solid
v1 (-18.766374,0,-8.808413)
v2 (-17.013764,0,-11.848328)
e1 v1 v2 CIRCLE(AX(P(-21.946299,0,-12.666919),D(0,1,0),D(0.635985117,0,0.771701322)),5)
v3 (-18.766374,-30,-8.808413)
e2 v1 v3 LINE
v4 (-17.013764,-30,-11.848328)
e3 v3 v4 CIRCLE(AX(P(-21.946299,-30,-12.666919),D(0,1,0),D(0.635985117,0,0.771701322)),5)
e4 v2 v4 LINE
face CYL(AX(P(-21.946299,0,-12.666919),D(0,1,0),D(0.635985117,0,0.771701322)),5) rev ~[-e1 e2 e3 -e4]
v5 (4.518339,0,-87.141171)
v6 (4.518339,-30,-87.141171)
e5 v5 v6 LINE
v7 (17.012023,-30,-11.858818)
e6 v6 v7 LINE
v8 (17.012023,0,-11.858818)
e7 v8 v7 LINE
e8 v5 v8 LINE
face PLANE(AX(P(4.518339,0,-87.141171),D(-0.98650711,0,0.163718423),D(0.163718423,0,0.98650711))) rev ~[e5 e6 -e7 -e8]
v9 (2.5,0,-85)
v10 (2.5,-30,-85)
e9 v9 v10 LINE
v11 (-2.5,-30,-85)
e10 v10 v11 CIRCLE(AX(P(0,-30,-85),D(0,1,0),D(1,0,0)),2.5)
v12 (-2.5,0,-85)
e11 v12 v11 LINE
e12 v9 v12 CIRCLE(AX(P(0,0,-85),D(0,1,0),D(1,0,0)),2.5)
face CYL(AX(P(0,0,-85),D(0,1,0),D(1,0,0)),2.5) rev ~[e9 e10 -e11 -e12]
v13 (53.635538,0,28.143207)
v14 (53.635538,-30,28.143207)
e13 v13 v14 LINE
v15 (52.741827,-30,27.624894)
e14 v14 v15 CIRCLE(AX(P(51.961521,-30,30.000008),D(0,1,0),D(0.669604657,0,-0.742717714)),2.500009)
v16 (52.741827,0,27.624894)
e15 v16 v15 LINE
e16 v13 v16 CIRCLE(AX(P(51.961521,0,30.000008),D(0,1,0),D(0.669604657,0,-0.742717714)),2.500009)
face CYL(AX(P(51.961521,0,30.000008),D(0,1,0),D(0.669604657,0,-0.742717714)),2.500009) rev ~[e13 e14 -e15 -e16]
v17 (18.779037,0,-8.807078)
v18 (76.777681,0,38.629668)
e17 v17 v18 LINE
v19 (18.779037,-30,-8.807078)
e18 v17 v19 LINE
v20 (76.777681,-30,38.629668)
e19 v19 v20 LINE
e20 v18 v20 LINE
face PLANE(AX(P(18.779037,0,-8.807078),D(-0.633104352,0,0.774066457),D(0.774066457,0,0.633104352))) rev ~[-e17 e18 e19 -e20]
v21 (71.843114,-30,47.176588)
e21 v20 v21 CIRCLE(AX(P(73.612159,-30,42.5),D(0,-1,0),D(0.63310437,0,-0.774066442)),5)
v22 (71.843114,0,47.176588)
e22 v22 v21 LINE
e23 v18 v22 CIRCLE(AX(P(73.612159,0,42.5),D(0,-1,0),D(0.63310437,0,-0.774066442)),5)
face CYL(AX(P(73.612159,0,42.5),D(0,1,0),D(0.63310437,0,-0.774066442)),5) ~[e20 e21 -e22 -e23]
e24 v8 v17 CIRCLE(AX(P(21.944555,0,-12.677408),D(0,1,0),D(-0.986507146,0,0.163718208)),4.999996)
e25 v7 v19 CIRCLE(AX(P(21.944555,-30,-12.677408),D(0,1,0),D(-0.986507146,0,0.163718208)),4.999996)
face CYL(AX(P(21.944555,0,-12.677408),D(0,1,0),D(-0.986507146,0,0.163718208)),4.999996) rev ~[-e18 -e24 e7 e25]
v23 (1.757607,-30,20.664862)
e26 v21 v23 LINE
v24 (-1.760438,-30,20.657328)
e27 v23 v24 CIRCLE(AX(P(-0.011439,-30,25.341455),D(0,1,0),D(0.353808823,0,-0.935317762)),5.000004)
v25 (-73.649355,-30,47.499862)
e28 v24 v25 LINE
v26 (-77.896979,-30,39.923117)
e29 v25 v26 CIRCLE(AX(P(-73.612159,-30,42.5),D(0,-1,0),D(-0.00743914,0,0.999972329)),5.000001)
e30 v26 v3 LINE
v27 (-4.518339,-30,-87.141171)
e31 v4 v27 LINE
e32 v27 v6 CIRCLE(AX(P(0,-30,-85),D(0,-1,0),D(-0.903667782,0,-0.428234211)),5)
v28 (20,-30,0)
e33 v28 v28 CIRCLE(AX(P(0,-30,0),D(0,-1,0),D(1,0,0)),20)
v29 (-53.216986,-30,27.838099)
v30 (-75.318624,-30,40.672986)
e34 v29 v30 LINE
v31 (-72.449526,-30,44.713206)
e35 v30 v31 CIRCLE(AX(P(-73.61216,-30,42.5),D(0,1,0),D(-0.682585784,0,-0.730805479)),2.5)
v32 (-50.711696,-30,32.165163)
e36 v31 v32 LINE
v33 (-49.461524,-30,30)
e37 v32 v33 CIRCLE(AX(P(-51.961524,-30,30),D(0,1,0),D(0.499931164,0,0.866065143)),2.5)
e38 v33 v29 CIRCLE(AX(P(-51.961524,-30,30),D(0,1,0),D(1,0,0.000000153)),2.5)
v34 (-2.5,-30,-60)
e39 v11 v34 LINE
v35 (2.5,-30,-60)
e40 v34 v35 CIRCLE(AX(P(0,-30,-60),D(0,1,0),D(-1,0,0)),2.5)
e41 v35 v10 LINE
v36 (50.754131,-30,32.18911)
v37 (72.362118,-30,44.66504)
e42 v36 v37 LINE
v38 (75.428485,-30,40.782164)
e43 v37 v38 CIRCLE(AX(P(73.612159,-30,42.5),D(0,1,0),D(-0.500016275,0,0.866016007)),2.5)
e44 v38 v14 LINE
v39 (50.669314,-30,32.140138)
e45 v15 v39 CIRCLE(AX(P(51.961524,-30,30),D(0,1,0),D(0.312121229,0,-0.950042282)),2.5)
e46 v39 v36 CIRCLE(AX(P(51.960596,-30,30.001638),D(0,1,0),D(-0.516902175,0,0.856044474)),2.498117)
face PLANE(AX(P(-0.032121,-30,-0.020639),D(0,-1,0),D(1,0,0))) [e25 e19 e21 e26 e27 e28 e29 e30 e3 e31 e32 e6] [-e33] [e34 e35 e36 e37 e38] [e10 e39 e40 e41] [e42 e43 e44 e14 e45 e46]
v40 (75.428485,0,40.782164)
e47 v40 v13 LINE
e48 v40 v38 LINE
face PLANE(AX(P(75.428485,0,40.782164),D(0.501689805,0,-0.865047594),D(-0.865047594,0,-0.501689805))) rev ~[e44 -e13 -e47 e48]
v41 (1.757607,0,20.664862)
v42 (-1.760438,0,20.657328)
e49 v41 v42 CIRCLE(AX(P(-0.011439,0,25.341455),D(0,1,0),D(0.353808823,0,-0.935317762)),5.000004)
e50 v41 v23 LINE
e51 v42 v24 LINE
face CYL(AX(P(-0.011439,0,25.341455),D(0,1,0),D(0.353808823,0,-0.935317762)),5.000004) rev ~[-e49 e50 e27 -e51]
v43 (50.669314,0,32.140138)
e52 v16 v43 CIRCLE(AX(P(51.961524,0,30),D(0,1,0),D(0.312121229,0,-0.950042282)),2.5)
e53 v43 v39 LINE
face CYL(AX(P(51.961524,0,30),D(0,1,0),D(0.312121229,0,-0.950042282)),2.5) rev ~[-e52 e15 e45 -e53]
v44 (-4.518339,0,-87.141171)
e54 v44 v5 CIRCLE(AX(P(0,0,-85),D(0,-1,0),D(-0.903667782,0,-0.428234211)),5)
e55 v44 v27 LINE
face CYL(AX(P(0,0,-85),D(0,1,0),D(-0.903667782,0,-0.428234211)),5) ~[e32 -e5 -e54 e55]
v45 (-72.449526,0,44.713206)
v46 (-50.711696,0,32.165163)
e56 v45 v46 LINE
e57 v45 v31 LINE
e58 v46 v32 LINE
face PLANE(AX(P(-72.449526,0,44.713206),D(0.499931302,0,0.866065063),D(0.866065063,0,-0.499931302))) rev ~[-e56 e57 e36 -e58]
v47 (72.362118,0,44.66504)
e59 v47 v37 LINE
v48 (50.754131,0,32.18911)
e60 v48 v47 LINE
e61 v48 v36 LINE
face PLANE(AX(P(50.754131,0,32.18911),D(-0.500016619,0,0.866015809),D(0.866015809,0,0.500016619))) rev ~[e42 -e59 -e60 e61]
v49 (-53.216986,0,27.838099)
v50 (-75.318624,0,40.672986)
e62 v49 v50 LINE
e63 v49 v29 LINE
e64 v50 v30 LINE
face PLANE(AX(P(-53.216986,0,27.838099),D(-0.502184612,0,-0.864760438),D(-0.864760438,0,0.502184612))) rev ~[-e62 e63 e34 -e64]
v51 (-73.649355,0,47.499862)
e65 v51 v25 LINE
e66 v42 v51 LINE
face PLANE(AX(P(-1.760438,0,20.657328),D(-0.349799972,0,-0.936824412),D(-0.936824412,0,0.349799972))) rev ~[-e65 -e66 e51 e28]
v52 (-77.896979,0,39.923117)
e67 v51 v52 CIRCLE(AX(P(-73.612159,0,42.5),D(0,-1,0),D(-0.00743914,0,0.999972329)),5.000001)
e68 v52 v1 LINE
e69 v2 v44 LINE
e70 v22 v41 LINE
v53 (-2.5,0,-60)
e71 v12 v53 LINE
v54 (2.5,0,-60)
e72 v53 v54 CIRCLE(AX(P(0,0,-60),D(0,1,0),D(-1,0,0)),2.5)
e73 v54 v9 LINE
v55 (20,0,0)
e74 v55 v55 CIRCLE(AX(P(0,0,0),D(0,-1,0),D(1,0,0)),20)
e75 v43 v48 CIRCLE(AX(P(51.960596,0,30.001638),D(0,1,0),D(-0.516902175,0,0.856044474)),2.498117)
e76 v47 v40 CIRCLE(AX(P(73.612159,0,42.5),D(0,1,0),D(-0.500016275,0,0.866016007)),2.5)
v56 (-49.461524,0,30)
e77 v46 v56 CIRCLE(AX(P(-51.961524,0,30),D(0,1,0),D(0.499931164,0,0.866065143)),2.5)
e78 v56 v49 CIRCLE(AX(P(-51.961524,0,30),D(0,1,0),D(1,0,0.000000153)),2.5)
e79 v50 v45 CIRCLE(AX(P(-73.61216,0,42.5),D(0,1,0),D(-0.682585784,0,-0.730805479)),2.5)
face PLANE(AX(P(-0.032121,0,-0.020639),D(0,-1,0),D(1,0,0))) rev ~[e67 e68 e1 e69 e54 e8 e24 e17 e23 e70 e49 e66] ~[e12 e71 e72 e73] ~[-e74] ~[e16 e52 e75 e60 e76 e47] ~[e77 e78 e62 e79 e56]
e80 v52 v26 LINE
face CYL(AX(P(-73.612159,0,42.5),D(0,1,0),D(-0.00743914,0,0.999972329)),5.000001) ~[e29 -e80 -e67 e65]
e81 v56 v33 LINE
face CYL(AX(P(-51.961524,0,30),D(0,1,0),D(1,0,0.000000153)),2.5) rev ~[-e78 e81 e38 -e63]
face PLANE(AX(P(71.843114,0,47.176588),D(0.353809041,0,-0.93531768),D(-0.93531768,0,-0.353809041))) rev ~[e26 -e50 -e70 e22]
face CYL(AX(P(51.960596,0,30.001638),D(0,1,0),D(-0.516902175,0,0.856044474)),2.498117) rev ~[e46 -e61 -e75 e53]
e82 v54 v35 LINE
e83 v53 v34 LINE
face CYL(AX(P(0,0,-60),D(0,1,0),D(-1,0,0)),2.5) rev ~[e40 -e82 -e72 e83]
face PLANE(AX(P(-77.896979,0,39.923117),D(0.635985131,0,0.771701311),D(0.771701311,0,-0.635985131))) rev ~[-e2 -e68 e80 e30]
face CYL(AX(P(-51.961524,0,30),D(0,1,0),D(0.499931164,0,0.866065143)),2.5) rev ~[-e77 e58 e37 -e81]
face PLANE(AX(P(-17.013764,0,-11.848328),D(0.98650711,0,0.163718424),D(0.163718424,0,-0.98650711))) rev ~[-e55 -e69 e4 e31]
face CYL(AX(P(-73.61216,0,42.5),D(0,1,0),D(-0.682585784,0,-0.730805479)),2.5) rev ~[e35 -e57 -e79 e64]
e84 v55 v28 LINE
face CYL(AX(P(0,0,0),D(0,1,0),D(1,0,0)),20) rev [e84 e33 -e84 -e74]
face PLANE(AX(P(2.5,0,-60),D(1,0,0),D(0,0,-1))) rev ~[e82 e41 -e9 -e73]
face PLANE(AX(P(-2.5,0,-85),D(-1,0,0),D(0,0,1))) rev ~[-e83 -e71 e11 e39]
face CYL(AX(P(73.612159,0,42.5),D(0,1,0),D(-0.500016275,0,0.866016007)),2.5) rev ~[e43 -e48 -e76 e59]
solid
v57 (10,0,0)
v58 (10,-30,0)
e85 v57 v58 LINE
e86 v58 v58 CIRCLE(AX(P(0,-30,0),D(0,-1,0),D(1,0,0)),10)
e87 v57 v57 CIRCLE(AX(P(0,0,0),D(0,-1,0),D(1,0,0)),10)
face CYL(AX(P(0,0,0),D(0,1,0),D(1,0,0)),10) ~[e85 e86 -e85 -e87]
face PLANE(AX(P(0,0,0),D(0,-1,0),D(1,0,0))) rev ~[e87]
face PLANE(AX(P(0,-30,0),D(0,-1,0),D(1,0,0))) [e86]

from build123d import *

# Parameters (mm, degrees)
F0_R     = 20
F0_R_2   = 10
F1_DEPTH = 30


with BuildPart() as f1:
    # F0 (on Front) → F1 (new body)
    with BuildSketch(Plane.XZ):
        with BuildLine():
            Line((-17.013764, -11.848328), (-4.518339, -87.141171))
            ThreePointArc((-4.518339, -87.141171), (0, -90), (4.518339, -87.141171))
            Line((4.518339, -87.141171), (17.012023, -11.858818))
            ThreePointArc((17.012023, -11.858818), (17.61756, -10.171999), (18.779037, -8.807078))
            Line((18.779037, -8.807078), (76.777681, 38.629668))
            ThreePointArc((76.777681, 38.629668), (77.942286, 45), (71.843114, 47.176588))
            Line((71.843114, 47.176588), (1.757607, 20.664862))
            ThreePointArc((1.757607, 20.664862), (-0.000731, 20.341462), (-1.760438, 20.657328))
            Line((-1.760438, 20.657328), (-73.649355, 47.499862))
            ThreePointArc((-73.649355, 47.499862), (-77.973549, 44.945053), (-77.896979, 39.923117))
            Line((-77.896979, 39.923117), (-18.766374, -8.808413))
            ThreePointArc((-18.766374, -8.808413), (-17.61464, -10.169576), (-17.013764, -11.848328))
        make_face()
        with BuildLine():
            ThreePointArc((2.5, -85), (0, -87.5), (-2.5, -85))
            Line((-2.5, -85), (-2.5, -60))
            ThreePointArc((-2.5, -60), (0, -57.5), (2.5, -60))
            Line((2.5, -60), (2.5, -85))
        make_face(mode=Mode.SUBTRACT)
        with BuildLine():
            ThreePointArc((-75.318624, 40.672986), (-75.650488, 43.947486), (-72.449526, 44.713206))
            Line((-72.449526, 44.713206), (-50.711696, 32.165163))
            ThreePointArc((-50.711696, 32.165163), (-49.79651, 31.250086), (-49.461524, 30))
            ThreePointArc((-49.461524, 30), (-50.714258, 27.83336), (-53.216986, 27.838099))
            Line((-53.216986, 27.838099), (-75.318624, 40.672986))
        make_face(mode=Mode.SUBTRACT)
        Circle(F0_R, mode=Mode.SUBTRACT)
        with BuildLine():
            ThreePointArc((72.362118, 44.66504), (75.574135, 44.049403), (75.428485, 40.782164))
            Line((75.428485, 40.782164), (53.635538, 28.143207))
            ThreePointArc((53.635538, 28.143207), (53.215749, 27.837381), (52.741827, 27.624894))
            ThreePointArc((52.741827, 27.624894), (49.689439, 28.957105), (50.669314, 32.140138))
            ThreePointArc((50.669314, 32.140138), (50.711483, 32.16504), (50.754131, 32.18911))
            Line((50.754131, 32.18911), (72.362118, 44.66504))
        make_face(mode=Mode.SUBTRACT)
        Circle(F0_R_2)
    extrude(amount=F1_DEPTH)


solid = f1.part
